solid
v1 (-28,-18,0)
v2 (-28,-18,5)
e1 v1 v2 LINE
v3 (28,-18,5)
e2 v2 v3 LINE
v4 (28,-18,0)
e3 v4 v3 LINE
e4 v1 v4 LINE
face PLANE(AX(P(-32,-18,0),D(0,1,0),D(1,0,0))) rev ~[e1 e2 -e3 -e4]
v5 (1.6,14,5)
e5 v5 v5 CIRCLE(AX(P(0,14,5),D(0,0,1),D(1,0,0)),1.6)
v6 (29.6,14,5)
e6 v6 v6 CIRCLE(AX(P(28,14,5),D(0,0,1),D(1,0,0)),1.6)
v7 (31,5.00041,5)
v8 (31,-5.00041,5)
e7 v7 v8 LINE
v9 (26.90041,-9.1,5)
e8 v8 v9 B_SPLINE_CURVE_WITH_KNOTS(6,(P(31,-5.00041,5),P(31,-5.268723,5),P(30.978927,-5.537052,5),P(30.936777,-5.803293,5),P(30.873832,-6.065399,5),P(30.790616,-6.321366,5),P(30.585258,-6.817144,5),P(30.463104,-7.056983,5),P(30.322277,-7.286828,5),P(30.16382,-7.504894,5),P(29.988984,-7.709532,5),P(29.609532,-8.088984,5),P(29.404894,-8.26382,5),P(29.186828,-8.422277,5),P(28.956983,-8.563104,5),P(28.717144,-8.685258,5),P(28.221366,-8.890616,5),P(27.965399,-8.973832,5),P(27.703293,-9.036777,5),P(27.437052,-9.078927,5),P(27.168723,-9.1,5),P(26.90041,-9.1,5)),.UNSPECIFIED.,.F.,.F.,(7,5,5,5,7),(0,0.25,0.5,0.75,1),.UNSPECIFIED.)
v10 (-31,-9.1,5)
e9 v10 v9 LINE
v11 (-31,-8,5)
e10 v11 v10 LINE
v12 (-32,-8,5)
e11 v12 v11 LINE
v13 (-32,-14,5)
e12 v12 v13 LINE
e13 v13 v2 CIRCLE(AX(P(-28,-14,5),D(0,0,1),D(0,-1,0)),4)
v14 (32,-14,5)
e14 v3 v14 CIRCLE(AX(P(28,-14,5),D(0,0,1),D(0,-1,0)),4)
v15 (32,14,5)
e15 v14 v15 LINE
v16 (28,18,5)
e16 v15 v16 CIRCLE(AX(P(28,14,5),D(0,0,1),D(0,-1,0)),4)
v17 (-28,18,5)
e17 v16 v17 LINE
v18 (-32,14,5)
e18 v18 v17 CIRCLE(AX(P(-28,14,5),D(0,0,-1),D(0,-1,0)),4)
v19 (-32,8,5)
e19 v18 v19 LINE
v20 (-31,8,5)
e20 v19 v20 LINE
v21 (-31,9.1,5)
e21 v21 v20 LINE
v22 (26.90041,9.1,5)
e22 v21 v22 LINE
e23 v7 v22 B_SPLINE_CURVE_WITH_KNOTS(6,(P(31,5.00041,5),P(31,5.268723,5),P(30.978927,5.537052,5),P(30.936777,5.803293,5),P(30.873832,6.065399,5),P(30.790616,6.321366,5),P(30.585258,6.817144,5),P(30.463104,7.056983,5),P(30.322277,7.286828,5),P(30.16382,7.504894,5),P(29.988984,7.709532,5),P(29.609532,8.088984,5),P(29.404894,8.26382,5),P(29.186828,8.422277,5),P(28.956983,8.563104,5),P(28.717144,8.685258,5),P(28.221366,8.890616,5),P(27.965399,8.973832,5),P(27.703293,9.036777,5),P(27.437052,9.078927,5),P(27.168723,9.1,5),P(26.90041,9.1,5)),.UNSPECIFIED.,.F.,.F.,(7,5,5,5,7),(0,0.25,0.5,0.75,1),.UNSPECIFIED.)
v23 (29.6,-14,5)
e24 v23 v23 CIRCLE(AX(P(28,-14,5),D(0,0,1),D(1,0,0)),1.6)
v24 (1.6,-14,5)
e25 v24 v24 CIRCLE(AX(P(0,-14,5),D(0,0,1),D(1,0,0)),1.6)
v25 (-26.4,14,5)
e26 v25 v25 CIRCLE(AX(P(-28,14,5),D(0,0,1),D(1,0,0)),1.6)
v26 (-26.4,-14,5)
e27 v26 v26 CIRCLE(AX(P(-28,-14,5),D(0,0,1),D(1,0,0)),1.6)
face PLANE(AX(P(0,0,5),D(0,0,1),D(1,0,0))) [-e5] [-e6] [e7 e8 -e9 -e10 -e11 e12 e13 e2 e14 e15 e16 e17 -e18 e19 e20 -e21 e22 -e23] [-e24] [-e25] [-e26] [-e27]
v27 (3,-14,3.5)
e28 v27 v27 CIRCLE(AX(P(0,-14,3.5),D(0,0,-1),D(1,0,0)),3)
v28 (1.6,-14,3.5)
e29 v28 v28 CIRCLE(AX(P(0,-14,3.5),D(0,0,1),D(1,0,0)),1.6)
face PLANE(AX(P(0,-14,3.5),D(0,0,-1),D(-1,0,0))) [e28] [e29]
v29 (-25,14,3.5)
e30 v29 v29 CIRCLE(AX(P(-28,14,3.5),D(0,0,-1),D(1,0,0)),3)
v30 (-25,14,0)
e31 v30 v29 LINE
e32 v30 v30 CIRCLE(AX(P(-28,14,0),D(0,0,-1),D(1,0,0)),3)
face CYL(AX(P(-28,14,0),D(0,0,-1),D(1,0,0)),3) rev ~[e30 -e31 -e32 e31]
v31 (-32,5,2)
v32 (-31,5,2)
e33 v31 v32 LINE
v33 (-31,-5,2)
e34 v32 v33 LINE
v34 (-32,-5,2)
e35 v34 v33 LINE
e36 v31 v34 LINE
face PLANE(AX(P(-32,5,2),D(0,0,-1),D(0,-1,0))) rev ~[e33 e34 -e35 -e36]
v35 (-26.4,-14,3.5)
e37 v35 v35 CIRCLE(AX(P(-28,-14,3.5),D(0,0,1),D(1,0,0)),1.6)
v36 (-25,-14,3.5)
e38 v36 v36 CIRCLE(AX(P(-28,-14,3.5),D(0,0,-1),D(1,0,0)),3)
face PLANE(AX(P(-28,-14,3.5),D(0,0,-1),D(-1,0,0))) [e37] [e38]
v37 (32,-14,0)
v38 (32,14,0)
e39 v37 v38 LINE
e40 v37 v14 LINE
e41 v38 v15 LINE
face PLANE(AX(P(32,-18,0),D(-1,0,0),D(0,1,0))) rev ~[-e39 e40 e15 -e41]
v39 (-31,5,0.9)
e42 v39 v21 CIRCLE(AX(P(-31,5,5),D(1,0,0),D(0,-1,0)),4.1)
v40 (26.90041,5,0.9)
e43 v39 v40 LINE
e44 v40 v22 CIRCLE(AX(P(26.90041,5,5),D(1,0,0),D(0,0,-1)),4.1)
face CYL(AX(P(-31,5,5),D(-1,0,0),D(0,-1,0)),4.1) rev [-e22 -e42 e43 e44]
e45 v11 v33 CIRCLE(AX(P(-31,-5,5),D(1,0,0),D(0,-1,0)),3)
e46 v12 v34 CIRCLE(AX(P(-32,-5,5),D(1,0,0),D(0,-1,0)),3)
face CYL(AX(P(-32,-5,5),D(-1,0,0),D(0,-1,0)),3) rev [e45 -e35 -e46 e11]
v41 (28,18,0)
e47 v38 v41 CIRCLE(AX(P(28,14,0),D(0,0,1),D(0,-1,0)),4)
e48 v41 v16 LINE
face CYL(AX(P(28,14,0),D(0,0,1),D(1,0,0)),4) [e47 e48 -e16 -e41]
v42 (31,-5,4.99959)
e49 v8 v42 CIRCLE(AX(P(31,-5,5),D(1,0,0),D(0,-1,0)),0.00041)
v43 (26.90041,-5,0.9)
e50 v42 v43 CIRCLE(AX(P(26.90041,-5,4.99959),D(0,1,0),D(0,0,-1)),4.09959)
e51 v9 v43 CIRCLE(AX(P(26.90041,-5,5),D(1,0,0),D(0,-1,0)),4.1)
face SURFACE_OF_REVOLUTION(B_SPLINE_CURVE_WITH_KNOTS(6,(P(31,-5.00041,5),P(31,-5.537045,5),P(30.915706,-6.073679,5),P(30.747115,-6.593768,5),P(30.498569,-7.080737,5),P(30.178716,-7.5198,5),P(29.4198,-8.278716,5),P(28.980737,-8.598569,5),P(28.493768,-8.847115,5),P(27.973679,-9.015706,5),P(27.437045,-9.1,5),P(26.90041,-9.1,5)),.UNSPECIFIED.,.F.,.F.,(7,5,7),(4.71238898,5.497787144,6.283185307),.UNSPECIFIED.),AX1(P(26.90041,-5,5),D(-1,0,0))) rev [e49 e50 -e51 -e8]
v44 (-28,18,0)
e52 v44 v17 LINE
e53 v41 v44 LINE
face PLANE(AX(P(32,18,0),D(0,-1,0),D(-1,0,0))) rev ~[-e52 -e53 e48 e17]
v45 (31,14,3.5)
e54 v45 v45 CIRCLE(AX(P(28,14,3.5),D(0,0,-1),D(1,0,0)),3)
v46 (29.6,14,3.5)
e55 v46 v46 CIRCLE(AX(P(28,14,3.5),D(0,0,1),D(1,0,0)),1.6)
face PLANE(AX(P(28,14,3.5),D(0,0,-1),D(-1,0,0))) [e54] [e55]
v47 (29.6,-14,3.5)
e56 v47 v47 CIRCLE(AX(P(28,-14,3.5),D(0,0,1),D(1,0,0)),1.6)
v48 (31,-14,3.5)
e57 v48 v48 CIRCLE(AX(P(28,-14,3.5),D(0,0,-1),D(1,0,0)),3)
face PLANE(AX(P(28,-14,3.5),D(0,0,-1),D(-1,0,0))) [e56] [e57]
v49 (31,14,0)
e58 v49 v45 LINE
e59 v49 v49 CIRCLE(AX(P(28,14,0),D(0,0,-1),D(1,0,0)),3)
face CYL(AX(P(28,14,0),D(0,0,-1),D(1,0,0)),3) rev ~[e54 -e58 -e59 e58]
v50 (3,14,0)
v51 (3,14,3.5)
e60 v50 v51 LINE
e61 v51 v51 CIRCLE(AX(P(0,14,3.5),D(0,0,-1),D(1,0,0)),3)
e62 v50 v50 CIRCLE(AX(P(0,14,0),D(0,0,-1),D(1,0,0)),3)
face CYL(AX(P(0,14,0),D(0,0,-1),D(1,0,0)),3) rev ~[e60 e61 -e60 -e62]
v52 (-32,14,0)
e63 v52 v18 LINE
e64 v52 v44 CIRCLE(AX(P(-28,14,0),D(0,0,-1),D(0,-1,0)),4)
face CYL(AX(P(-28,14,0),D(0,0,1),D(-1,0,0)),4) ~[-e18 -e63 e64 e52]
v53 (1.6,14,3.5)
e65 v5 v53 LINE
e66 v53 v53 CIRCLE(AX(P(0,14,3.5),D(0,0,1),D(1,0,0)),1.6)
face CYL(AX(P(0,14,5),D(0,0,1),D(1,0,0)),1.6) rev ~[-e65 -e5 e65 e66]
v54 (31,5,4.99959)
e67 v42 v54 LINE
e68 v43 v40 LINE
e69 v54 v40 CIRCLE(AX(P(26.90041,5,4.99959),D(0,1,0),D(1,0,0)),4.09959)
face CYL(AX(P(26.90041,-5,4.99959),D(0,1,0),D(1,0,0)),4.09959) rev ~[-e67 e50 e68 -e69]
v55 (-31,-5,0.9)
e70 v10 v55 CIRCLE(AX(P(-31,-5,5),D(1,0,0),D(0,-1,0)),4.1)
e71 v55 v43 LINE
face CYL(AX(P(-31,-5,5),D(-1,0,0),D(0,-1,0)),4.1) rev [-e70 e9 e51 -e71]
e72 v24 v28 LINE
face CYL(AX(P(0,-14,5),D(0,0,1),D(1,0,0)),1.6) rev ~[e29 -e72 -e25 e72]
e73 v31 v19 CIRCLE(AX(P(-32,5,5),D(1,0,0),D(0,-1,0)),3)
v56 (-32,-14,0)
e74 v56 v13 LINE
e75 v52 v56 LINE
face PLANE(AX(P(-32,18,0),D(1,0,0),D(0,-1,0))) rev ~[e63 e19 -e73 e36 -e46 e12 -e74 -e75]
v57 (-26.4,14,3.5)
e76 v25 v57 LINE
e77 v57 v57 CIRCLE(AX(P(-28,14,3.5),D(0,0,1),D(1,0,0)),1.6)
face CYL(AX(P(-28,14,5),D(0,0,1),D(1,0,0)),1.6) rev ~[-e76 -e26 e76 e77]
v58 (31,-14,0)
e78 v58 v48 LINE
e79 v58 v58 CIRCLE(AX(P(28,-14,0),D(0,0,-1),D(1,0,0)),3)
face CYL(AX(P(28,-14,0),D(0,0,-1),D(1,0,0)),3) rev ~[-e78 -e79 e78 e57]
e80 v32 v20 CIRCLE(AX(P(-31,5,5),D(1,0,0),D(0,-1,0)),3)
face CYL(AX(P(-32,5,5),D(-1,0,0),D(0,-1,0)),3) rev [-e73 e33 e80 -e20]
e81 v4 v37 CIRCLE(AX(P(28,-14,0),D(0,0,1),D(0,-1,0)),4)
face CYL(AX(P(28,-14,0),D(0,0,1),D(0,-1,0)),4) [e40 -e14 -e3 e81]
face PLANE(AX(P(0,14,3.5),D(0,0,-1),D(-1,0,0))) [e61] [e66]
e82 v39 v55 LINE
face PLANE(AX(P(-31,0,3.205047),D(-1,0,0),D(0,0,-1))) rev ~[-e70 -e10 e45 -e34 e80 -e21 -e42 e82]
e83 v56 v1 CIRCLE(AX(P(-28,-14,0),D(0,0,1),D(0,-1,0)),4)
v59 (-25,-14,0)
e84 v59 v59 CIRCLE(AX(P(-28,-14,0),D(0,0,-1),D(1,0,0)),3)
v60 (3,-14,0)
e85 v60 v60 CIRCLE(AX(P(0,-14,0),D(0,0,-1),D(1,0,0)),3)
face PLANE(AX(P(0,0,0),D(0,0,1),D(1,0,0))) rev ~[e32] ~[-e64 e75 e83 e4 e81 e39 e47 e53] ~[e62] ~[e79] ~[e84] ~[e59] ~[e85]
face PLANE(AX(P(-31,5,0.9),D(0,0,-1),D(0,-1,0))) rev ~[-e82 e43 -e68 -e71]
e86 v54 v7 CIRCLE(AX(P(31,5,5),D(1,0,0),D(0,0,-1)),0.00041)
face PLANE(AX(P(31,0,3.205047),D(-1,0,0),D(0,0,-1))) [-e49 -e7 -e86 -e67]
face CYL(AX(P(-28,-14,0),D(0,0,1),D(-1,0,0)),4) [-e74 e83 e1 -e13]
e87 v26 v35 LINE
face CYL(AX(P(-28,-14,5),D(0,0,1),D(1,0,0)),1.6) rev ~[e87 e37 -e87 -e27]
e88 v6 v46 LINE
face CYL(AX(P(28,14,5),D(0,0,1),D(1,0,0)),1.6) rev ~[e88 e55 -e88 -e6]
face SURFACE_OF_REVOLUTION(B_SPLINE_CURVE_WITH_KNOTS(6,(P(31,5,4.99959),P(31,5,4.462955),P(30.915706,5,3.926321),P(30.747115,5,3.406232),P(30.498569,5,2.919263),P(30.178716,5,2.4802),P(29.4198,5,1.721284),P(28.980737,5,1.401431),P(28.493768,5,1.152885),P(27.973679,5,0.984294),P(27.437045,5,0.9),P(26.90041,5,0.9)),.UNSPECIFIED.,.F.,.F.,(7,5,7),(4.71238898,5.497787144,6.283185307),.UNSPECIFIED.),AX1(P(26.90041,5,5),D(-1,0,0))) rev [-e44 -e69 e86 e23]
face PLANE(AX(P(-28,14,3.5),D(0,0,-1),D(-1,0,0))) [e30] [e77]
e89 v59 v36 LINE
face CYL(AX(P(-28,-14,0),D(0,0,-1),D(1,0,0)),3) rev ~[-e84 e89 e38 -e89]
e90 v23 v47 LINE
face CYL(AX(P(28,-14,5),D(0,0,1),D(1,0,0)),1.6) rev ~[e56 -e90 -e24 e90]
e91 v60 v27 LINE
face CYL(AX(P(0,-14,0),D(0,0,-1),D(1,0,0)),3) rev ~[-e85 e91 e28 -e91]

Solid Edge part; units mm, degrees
sketch "Sketch1" plane through (0, 0, 0) normal (0, 0, 1) x (1, 0, 0)
  line L0 (32, -18) -> (32, 18)
  line L1 (32, 18) -> (-32, 18)
  line L2 (-32, 18) -> (-32, -18)
  line L3 (-32, -18) -> (32, -18)
extrude "Protrusion1" add sketch "Sketch1" along normal blind 5
sketch "Sketch2" plane through (-32, 0, 2.5) normal (-1, 0, 0) x (0, -1, 0)
  line L0 (-5, -0.5) -> (5, -0.5)
  line L1 (-8, 2.5) -> (8, 2.5)
  arc A0 (8, 2.5) -> (5, -0.5) centre (5, 2.5) cw
  arc A1 (-5, -0.5) -> (-8, 2.5) centre (-5, 2.5) cw
extrude "VaciadoExtruido_2" cut sketch "Sketch2" against normal blind 1
sketch "Sketch3" plane through (-31, 0, 2.5) normal (-1, 0, 0) x (0, -1, 0)
  line L0 (-5, -1.6) -> (5, -1.6)
  line L1 (-9.1, 2.5) -> (9.1, 2.5)
  arc A0 (9.1, 2.5) -> (5, -1.6) centre (5, 2.5) cw
  arc A1 (-5, -1.6) -> (-9.1, 2.5) centre (-5, 2.5) cw
extrude "VaciadoExtruido_3" cut sketch "Sketch3" against normal blind 62
fillet "Redondeo_3" radius 4.1 3 edges at (31, 7.8991, 2.1009) (31, -7.8991, 2.1009) (31, 0, 0.9)
sketch "Sketch4" plane through (0, 0, 5) normal (0, 0, 1) x (1, 0, 0)
  circle A0 centre (-28, 14) radius 1.6
extrude "Cutout1" cut sketch "Sketch4" against normal through all
sketch "Sketch5" plane through (0, 0, 0) normal (0, 0, -1) x (1, 0, 0)
  circle A0 centre (-28, -14) radius 3
extrude "VaciadoExtruido_5" cut sketch "Sketch5" against normal blind 3.5
pattern_linear "Pattern1" count 3 spacing 28 along (1, 0, 0) count 2 spacing 28 along (0, -1, 0) of "VaciadoExtruido_5", "Cutout1"
fillet "Redondeo_4" radius 4 4 edges at (-32, 18, 2.5) (-32, -18, 2.5) (32, 18, 2.5) (32, -18, 2.5)
